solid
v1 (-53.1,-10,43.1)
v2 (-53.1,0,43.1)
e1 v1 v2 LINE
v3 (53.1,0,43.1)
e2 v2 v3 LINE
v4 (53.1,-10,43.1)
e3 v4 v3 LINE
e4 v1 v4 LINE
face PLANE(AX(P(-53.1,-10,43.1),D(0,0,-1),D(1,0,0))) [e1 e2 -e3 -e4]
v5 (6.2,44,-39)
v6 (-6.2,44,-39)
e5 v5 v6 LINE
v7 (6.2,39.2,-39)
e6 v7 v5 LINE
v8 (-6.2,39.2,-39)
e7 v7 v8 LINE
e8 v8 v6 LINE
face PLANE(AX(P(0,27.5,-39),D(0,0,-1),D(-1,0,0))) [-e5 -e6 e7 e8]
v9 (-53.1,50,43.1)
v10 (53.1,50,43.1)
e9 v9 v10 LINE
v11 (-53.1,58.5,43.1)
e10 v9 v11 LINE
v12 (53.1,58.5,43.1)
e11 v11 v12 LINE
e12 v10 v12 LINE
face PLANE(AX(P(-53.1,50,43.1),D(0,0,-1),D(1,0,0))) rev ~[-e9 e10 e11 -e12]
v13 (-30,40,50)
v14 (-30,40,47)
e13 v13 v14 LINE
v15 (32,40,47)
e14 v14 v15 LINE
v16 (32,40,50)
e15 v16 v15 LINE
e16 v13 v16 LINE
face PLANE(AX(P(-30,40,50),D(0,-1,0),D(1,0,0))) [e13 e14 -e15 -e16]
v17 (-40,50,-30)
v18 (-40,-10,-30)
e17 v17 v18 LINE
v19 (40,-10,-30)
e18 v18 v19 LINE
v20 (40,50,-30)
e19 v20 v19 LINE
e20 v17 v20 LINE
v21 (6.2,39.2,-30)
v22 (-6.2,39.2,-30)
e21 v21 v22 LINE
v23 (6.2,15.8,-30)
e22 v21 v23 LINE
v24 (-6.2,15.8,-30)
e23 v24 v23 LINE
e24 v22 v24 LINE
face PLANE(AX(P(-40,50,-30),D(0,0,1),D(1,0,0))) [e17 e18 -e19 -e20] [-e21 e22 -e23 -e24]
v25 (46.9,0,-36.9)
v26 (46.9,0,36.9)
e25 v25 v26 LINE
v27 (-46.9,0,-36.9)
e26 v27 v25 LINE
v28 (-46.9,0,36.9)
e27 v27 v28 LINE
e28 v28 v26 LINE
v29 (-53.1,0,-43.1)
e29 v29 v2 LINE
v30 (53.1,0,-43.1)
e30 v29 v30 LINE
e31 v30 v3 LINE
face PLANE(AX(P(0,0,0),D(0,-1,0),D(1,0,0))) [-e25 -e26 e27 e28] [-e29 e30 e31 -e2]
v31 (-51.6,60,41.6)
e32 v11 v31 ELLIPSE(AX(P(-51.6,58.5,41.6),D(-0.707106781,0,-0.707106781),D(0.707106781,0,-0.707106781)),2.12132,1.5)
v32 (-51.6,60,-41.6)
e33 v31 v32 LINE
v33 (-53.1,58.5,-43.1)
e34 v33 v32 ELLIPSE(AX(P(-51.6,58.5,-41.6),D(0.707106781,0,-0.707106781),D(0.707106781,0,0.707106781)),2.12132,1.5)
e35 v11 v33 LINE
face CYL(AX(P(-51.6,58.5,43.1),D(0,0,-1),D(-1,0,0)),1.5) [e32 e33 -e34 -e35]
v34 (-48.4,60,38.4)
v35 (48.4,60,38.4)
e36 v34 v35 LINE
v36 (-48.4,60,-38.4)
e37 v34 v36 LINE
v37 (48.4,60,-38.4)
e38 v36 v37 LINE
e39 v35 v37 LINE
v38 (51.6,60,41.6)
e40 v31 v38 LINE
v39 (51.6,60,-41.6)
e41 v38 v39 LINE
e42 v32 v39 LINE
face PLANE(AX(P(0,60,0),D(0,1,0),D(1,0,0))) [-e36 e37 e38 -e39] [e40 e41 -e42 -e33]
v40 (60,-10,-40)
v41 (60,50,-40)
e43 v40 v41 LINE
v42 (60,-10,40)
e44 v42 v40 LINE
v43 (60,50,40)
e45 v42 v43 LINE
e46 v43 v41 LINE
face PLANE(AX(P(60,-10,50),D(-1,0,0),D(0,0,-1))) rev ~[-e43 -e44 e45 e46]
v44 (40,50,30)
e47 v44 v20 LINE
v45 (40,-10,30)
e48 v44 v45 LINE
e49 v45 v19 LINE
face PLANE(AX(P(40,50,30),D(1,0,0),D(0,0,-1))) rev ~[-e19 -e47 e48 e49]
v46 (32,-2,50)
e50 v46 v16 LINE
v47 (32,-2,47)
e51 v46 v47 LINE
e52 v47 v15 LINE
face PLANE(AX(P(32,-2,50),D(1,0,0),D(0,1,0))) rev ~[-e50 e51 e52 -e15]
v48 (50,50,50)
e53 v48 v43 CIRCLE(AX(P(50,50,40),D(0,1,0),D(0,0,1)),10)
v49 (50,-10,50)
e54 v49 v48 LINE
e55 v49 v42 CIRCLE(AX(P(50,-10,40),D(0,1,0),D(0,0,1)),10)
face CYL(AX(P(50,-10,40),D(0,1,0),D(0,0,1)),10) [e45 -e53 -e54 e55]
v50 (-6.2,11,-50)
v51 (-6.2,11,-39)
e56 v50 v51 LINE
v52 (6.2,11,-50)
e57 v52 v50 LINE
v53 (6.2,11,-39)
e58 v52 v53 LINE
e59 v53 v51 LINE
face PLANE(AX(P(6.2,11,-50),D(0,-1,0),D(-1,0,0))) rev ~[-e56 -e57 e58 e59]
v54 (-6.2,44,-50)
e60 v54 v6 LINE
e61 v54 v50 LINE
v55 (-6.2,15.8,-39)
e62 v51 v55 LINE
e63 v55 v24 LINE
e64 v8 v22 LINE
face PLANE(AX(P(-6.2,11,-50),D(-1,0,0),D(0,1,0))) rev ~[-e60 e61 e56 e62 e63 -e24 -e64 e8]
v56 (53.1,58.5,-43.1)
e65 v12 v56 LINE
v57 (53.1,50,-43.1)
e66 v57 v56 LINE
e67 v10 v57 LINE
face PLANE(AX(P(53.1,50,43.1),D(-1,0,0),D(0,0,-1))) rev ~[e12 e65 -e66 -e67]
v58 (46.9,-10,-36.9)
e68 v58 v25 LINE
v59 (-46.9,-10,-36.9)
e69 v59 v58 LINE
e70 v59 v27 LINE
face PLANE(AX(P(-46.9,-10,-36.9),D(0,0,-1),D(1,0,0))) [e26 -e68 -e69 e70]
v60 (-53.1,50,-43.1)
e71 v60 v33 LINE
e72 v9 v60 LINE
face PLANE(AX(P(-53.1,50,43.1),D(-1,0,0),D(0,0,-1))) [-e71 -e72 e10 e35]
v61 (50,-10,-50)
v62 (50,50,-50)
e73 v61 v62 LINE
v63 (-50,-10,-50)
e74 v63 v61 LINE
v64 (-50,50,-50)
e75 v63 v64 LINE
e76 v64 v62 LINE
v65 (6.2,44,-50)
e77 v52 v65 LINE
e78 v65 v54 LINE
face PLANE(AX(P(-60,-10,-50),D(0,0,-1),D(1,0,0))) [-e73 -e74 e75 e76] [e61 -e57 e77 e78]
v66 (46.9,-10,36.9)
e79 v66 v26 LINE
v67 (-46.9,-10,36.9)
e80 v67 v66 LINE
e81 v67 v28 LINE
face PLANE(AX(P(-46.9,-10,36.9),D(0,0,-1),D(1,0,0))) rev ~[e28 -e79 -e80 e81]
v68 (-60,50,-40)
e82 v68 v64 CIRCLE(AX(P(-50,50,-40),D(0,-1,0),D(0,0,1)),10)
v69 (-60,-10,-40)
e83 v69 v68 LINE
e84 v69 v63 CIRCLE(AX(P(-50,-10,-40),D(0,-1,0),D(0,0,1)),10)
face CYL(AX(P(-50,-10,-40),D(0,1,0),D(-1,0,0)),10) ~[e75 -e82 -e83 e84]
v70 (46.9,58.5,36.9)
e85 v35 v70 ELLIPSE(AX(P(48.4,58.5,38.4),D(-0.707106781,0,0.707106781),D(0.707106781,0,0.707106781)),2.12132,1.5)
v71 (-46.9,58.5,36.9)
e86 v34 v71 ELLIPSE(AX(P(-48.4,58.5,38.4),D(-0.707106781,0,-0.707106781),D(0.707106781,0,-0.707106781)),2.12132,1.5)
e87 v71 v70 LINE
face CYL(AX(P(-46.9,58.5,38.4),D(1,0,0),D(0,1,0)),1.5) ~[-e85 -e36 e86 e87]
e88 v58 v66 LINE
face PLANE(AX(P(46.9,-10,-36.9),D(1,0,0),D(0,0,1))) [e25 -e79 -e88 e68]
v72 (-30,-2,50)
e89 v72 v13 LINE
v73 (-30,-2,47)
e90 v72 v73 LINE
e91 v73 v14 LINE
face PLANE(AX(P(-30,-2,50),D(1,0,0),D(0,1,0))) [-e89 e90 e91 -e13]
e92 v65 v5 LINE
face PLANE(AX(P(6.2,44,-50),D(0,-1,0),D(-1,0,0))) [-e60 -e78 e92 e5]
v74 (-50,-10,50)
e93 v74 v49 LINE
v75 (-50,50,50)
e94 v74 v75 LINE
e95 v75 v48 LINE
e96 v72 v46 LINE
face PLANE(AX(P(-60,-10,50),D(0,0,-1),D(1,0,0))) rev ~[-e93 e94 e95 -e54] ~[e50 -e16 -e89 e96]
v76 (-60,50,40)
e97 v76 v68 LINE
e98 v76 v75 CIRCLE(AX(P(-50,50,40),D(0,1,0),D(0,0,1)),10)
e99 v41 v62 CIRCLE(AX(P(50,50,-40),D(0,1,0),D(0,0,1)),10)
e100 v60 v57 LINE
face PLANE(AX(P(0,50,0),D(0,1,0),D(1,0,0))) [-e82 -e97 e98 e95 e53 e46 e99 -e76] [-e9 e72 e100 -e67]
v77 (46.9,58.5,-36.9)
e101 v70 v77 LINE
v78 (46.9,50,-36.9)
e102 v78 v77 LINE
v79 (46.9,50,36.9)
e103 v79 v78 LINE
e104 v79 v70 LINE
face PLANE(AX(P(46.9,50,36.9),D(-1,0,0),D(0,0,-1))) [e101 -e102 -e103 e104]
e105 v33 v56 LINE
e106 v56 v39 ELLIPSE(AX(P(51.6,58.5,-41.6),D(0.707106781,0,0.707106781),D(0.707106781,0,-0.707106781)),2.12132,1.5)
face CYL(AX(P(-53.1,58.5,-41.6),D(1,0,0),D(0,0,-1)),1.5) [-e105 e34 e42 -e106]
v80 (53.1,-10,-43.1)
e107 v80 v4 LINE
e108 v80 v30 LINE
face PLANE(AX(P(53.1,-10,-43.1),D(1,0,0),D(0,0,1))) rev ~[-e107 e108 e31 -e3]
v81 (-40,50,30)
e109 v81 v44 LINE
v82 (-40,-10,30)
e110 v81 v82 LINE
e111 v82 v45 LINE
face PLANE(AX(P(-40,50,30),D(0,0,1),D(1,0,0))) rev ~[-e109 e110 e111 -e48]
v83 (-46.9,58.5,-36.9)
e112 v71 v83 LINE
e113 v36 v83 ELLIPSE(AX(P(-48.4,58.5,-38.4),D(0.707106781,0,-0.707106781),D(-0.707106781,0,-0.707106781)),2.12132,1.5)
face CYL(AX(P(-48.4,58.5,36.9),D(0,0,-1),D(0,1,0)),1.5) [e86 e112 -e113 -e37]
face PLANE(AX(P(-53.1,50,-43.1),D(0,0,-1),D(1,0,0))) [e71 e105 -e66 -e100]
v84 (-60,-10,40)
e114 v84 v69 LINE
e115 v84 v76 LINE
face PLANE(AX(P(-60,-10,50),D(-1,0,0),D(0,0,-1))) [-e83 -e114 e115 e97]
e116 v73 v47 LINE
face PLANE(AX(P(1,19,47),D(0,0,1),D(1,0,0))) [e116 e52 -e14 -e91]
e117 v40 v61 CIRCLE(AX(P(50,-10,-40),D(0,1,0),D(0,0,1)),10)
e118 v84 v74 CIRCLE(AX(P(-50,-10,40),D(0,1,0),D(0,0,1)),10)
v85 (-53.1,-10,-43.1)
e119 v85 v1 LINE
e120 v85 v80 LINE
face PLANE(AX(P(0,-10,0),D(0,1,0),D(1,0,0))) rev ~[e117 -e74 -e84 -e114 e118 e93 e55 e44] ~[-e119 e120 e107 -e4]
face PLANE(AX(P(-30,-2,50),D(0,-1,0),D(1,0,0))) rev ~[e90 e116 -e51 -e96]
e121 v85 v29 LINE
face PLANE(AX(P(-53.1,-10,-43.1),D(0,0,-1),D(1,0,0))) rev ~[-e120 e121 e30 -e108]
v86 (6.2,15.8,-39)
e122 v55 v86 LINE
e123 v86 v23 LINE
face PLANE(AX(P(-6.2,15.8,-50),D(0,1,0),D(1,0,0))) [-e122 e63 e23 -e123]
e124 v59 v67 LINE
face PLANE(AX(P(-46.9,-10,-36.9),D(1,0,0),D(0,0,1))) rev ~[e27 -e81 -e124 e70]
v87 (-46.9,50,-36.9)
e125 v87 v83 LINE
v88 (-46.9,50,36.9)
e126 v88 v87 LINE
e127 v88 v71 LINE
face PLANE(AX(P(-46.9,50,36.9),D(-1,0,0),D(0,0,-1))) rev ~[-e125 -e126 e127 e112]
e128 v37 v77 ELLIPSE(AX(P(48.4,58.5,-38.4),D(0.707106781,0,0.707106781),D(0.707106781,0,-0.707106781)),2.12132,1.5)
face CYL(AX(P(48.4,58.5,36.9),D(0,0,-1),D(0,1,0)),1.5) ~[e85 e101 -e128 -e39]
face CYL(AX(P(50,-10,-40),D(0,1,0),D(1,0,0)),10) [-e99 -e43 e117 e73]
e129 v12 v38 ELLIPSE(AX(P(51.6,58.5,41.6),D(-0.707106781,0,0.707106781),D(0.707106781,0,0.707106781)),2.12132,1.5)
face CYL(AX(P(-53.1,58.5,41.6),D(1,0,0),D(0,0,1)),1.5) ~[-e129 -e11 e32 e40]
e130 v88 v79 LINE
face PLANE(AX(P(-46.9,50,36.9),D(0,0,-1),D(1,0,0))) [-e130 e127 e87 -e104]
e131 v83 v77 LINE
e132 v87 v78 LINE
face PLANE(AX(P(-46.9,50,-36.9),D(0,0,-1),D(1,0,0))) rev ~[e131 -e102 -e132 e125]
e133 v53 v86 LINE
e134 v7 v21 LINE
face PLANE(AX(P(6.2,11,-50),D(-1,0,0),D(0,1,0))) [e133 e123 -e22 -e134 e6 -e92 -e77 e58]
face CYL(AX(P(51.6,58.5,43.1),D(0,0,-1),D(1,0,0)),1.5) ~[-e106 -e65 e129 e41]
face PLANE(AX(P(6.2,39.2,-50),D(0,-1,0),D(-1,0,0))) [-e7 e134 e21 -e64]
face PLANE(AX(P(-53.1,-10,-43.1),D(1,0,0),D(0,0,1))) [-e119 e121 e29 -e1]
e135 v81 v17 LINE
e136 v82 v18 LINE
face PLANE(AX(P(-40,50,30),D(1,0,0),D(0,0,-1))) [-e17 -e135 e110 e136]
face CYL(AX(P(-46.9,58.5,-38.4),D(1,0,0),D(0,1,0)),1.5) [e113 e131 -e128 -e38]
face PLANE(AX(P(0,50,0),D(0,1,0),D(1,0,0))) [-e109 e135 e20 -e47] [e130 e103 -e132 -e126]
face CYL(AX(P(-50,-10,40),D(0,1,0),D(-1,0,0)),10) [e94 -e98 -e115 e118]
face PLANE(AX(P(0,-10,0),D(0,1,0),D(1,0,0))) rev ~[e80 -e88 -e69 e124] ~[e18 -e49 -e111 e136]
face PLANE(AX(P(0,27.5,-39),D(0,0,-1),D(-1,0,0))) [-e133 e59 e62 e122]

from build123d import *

# Parameters (mm, degrees)
BOSS_EXTRUDE1_DEPTH      = 50
BOSS_EXTRUDE1_DEPTH_BACK = 10
SKETCH1_W                = 120
SKETCH1_H                = 100
FILLET1_R                = 10
SKETCH2_W                = 80
SKETCH2_H                = 60
CUT_EXTRUDE1_DEPTH       = 99.488578018
SKETCH3_W                = 106.2
SKETCH3_H                = 86.2
SKETCH3_W_2              = 93.8
SKETCH3_H_2              = 73.8
CUT_EXTRUDE2_DEPTH       = 10
SKETCH4_W                = 106.2
SKETCH4_H                = 86.2
SKETCH4_W_2              = 93.8
SKETCH4_H_2              = 73.8
BOSS_EXTRUDE2_DEPTH      = 10
FILLET2_R                = 1.5
SKETCH5_W                = 12.4
SKETCH5_H                = 33
CUT_EXTRUDE3_DEPTH       = 11
SKETCH10_W               = 62
SKETCH10_H               = 42
CUT_EXTRUDE7_DEPTH       = 3
CUT_EXTRUDE8_DEPTH       = 20


with BuildPart() as part:
    # Sketch1 → Boss-Extrude1 (new, two sides: drawn at the far end of the back side and taken through both)
    with BuildSketch(Plane(origin=(0, 0, 0), x_dir=(1, 0, 0), z_dir=(0, 1, 0)).offset(-BOSS_EXTRUDE1_DEPTH_BACK)):
        Rectangle(SKETCH1_W, SKETCH1_H)
    extrude(amount=BOSS_EXTRUDE1_DEPTH + BOSS_EXTRUDE1_DEPTH_BACK)

    # Fillet1
    fillet1_edges = [part.edges().sort_by_distance(p)[0] for p in [
        (-60, 20, -50),
        (60, 20, -50),
        (60, 20, 50),
        (-60, 20, 50),
    ]]
    fillet(fillet1_edges, radius=FILLET1_R)

    # Sketch2 → Cut-Extrude1 (cut, through all)
    with BuildSketch(Plane(origin=(0, 50, 0), x_dir=(1, 0, 0), z_dir=(0, 1, 0))):
        Rectangle(SKETCH2_W, SKETCH2_H)
    extrude(amount=-CUT_EXTRUDE1_DEPTH, mode=Mode.SUBTRACT)

    # Sketch3 → Cut-Extrude2 (cut)
    with BuildSketch(Plane.XZ.offset(10)):
        Rectangle(SKETCH3_W, SKETCH3_H)
        Rectangle(SKETCH3_W_2, SKETCH3_H_2, mode=Mode.SUBTRACT)
    extrude(amount=-CUT_EXTRUDE2_DEPTH, mode=Mode.SUBTRACT)

    # Sketch4 → Boss-Extrude2 (add)
    with BuildSketch(Plane(origin=(0, 50, 0), x_dir=(1, 0, 0), z_dir=(0, 1, 0))):
        Rectangle(SKETCH4_W, SKETCH4_H)
        Rectangle(SKETCH4_W_2, SKETCH4_H_2, mode=Mode.SUBTRACT)
    extrude(amount=BOSS_EXTRUDE2_DEPTH)

    # Fillet2
    fillet2_edges = [part.edges().sort_by_distance(p)[0] for p in [
        (-46.9, 60, 0),
        (0, 60, 36.9),
        (46.9, 60, 0),
        (0, 60, -36.9),
        (0, 60, -43.1),
        (-53.1, 60, 0),
        (0, 60, 43.1),
        (53.1, 60, 0),
    ]]
    fillet(fillet2_edges, radius=FILLET2_R)

    # Sketch5 → Cut-Extrude3 (cut)
    with BuildSketch(Plane(origin=(0, 0, -50), x_dir=(-1, 0, 0), z_dir=(0, 0, -1))):
        with Locations((0, 27.5)):
            Rectangle(SKETCH5_W, SKETCH5_H)
    extrude(amount=-CUT_EXTRUDE3_DEPTH, mode=Mode.SUBTRACT)

    # Sketch10 → Cut-Extrude7 (cut)
    with BuildSketch(Plane.XY.offset(50)):
        with Locations((1, 19)):
            Rectangle(SKETCH10_W, SKETCH10_H)
    extrude(amount=-CUT_EXTRUDE7_DEPTH, mode=Mode.SUBTRACT)

    # Sketch9 → Cut-Extrude8 (cut)
    with BuildSketch(Plane(origin=(0, 0, -50), x_dir=(-1, 0, 0), z_dir=(0, 0, -1))):
        Polygon((-6.2, 27.5), (-6.2, 39.2), (6.2, 39.2), (6.2, 15.8), (-6.2, 15.8), align=None)
    extrude(amount=-CUT_EXTRUDE8_DEPTH, mode=Mode.SUBTRACT)


solid = part.part
